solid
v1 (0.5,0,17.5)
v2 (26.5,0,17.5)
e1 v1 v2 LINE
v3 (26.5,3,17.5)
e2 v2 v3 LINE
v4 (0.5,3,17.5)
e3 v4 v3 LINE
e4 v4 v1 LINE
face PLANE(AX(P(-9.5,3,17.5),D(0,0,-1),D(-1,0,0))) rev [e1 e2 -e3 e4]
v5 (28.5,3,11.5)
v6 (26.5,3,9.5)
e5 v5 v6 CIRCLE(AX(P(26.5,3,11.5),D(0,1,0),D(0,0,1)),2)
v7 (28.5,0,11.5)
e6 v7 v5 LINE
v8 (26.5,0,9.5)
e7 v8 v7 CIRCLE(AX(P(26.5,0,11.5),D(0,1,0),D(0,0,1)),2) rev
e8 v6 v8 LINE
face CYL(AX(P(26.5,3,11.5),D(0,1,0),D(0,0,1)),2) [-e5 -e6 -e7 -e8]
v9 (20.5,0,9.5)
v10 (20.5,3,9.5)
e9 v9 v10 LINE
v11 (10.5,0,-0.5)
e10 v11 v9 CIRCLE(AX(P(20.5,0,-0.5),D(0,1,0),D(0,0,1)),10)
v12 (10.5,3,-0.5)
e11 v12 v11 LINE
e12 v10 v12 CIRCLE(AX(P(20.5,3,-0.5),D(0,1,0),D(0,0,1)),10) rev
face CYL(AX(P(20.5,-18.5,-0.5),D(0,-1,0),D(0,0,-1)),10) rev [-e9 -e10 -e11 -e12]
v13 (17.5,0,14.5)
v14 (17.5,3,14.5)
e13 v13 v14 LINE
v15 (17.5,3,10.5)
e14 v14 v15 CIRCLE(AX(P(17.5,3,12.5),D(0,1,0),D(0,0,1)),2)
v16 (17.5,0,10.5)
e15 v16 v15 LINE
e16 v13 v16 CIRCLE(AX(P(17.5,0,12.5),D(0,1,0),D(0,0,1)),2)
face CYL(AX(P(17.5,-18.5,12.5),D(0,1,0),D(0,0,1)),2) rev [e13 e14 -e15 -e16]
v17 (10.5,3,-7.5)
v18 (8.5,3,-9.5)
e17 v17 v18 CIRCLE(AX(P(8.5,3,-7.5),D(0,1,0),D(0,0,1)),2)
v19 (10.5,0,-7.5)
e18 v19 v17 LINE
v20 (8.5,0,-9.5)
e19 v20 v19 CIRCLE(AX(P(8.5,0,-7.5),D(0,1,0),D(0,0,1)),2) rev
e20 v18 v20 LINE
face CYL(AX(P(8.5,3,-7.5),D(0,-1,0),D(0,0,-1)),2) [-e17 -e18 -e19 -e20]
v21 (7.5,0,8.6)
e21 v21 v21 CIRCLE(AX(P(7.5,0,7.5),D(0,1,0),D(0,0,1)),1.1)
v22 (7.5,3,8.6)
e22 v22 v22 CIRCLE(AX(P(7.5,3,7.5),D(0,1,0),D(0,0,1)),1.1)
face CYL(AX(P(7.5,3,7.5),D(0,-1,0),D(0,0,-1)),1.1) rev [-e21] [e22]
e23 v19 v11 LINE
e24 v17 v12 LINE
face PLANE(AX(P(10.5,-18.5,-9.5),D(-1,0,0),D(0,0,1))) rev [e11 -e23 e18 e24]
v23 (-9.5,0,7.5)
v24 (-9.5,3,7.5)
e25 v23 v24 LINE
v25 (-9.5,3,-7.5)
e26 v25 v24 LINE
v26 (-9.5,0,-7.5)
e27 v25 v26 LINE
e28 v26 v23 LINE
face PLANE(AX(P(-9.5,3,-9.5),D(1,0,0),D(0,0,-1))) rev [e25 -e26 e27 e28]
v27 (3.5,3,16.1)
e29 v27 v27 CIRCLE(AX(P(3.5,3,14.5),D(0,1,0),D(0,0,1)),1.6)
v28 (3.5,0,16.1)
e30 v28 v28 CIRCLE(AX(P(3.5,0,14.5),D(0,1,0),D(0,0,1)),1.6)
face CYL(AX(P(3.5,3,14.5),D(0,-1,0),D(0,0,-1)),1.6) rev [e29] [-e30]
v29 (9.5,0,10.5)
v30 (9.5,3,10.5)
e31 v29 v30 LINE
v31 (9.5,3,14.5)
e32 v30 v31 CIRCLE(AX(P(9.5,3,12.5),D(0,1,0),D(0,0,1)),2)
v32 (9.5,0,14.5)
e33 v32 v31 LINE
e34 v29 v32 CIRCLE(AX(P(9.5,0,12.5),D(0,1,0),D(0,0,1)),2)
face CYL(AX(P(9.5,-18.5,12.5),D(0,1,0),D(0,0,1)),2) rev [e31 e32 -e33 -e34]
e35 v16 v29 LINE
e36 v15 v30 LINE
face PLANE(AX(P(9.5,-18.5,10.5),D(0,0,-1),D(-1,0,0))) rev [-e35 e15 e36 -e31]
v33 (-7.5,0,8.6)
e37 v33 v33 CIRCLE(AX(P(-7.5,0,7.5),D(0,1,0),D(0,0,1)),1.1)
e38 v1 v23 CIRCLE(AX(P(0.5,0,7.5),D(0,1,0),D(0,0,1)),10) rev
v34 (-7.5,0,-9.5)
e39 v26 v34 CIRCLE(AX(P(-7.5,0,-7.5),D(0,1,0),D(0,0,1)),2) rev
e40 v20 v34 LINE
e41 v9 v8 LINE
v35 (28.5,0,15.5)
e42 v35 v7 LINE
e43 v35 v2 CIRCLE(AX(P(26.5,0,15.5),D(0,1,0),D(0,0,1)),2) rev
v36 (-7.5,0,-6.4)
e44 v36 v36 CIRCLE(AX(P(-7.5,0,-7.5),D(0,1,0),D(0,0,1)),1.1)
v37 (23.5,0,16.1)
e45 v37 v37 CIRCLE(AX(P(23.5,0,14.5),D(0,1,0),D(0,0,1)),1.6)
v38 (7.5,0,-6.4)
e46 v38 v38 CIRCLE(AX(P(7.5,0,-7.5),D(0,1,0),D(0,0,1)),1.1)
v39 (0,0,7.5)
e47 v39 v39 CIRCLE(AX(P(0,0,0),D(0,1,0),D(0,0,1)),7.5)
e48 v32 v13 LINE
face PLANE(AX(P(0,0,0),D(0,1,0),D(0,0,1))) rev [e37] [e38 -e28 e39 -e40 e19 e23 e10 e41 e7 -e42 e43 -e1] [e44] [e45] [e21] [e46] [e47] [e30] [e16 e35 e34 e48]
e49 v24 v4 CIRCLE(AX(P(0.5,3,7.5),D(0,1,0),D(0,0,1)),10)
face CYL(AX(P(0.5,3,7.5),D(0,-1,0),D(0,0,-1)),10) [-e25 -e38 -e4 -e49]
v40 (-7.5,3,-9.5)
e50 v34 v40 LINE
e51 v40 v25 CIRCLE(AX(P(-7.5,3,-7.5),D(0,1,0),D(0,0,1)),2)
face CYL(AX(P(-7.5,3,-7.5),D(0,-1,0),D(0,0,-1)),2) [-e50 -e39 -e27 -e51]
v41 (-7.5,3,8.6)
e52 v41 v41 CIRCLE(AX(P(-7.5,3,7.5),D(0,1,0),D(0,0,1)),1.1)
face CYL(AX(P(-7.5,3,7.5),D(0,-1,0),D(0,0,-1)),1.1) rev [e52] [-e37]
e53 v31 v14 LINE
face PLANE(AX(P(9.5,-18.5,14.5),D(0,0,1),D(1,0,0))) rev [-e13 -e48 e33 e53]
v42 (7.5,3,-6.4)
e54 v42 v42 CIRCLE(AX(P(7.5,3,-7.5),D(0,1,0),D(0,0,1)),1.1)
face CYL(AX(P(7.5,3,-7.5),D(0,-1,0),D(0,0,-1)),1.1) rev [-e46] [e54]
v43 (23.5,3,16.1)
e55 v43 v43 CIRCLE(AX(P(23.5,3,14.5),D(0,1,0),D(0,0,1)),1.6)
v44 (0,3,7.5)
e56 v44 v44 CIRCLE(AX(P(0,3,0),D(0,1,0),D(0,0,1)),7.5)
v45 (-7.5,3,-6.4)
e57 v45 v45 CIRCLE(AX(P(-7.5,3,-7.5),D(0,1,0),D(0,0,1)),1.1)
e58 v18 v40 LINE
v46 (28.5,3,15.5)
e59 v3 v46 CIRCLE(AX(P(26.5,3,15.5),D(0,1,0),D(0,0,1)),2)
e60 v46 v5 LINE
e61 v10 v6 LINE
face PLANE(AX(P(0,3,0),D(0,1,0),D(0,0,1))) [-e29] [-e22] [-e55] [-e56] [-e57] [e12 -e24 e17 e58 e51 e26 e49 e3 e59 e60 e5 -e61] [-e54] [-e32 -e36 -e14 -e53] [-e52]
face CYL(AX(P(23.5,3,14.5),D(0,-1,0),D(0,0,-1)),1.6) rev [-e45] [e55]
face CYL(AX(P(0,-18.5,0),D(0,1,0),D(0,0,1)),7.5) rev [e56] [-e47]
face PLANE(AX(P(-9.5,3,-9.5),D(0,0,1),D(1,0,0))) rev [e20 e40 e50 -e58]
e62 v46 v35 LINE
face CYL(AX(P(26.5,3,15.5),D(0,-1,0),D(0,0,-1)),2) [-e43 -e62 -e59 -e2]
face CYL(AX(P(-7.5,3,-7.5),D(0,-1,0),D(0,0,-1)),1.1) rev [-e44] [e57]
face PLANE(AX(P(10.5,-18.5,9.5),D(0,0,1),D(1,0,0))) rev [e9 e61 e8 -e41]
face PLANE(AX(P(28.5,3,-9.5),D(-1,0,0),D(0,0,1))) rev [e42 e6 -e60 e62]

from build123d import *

# Parameters (mm, degrees)
SKETCH_1_W          = 38
SKETCH_1_H          = 27
SKETCH_1_R          = 1.1
SKETCH_1_R_2        = 1.6
EXTRUDE_1_DEPTH     = 3
SKETCH_2_R          = 7.5
SKETCH_2_W          = 18
SKETCH_2_H          = 19
CUT_EXTRUDE_1_DEPTH = 21.5
FILLET_1_R          = 10
CUT_EXTRUDE_2_DEPTH = 21.5
FILLET_2_R          = 2


with BuildPart() as part:
    # 草图1 → 凸台-拉伸1 (new body)
    with BuildSketch(Plane(origin=(0, 0, 0), x_dir=(1, 0, 0), z_dir=(0, 1, 0))):
        with Locations((9.5, -4)):
            Rectangle(SKETCH_1_W, SKETCH_1_H)
        with Locations(Location((7.5, -7.5, 0), (0, 0, 270))):
            Circle(SKETCH_1_R, mode=Mode.SUBTRACT)
        with Locations(Location((7.5, 7.5, 0), (0, 0, 270))):
            Circle(SKETCH_1_R, mode=Mode.SUBTRACT)
        with Locations(Location((-7.5, 7.5, 0), (0, 0, 270))):
            Circle(SKETCH_1_R, mode=Mode.SUBTRACT)
        with Locations(Location((-7.5, -7.5, 0), (0, 0, 270))):
            Circle(SKETCH_1_R, mode=Mode.SUBTRACT)
        with Locations(Location((3.5, -14.5, 0), (0, 0, 270))):
            Circle(SKETCH_1_R_2, mode=Mode.SUBTRACT)
        with Locations(Location((23.5, -14.5, 0), (0, 0, 270))):
            Circle(SKETCH_1_R_2, mode=Mode.SUBTRACT)
    extrude(amount=EXTRUDE_1_DEPTH)

    # 草图2 → 切除-拉伸1 (cut)
    with BuildSketch(Plane(origin=(0, 3, 0), x_dir=(1, 0, 0), z_dir=(0, 1, 0))):
        with Locations(Location((0, 0, 0), (0, 0, 270))):
            Circle(SKETCH_2_R)
        with Locations((19.5, 0)):
            Rectangle(SKETCH_2_W, SKETCH_2_H)
    extrude(amount=-CUT_EXTRUDE_1_DEPTH, mode=Mode.SUBTRACT)

    # 圆角1
    fillet_1_edges = [part.edges().sort_by_distance(p)[0] for p in [
        (10.5, 1.5, 9.5),
        (-9.5, 1.5, 17.5),
    ]]
    fillet(fillet_1_edges, radius=FILLET_1_R)

    # 草图3 → 切除-拉伸2 (cut)
    with BuildSketch(Plane(origin=(0, 3, 0), x_dir=(1, 0, 0), z_dir=(0, 1, 0))):
        with BuildLine():
            Line((9.5, -10.5), (17.5, -10.5))
            ThreePointArc((17.5, -10.5), (19.5, -12.5), (17.5, -14.5))
            Line((17.5, -14.5), (9.5, -14.5))
            ThreePointArc((9.5, -14.5), (7.5, -12.5), (9.5, -10.5))
        make_face()
    extrude(amount=-CUT_EXTRUDE_2_DEPTH, mode=Mode.SUBTRACT)

    # 圆角2
    fillet_2_edges = [part.edges().sort_by_distance(p)[0] for p in [
        (10.5, 1.5, -9.5),
        (28.5, 1.5, 9.5),
        (-9.5, 1.5, -9.5),
        (28.5, 1.5, 17.5),
    ]]
    fillet(fillet_2_edges, radius=FILLET_2_R)


solid = part.part
